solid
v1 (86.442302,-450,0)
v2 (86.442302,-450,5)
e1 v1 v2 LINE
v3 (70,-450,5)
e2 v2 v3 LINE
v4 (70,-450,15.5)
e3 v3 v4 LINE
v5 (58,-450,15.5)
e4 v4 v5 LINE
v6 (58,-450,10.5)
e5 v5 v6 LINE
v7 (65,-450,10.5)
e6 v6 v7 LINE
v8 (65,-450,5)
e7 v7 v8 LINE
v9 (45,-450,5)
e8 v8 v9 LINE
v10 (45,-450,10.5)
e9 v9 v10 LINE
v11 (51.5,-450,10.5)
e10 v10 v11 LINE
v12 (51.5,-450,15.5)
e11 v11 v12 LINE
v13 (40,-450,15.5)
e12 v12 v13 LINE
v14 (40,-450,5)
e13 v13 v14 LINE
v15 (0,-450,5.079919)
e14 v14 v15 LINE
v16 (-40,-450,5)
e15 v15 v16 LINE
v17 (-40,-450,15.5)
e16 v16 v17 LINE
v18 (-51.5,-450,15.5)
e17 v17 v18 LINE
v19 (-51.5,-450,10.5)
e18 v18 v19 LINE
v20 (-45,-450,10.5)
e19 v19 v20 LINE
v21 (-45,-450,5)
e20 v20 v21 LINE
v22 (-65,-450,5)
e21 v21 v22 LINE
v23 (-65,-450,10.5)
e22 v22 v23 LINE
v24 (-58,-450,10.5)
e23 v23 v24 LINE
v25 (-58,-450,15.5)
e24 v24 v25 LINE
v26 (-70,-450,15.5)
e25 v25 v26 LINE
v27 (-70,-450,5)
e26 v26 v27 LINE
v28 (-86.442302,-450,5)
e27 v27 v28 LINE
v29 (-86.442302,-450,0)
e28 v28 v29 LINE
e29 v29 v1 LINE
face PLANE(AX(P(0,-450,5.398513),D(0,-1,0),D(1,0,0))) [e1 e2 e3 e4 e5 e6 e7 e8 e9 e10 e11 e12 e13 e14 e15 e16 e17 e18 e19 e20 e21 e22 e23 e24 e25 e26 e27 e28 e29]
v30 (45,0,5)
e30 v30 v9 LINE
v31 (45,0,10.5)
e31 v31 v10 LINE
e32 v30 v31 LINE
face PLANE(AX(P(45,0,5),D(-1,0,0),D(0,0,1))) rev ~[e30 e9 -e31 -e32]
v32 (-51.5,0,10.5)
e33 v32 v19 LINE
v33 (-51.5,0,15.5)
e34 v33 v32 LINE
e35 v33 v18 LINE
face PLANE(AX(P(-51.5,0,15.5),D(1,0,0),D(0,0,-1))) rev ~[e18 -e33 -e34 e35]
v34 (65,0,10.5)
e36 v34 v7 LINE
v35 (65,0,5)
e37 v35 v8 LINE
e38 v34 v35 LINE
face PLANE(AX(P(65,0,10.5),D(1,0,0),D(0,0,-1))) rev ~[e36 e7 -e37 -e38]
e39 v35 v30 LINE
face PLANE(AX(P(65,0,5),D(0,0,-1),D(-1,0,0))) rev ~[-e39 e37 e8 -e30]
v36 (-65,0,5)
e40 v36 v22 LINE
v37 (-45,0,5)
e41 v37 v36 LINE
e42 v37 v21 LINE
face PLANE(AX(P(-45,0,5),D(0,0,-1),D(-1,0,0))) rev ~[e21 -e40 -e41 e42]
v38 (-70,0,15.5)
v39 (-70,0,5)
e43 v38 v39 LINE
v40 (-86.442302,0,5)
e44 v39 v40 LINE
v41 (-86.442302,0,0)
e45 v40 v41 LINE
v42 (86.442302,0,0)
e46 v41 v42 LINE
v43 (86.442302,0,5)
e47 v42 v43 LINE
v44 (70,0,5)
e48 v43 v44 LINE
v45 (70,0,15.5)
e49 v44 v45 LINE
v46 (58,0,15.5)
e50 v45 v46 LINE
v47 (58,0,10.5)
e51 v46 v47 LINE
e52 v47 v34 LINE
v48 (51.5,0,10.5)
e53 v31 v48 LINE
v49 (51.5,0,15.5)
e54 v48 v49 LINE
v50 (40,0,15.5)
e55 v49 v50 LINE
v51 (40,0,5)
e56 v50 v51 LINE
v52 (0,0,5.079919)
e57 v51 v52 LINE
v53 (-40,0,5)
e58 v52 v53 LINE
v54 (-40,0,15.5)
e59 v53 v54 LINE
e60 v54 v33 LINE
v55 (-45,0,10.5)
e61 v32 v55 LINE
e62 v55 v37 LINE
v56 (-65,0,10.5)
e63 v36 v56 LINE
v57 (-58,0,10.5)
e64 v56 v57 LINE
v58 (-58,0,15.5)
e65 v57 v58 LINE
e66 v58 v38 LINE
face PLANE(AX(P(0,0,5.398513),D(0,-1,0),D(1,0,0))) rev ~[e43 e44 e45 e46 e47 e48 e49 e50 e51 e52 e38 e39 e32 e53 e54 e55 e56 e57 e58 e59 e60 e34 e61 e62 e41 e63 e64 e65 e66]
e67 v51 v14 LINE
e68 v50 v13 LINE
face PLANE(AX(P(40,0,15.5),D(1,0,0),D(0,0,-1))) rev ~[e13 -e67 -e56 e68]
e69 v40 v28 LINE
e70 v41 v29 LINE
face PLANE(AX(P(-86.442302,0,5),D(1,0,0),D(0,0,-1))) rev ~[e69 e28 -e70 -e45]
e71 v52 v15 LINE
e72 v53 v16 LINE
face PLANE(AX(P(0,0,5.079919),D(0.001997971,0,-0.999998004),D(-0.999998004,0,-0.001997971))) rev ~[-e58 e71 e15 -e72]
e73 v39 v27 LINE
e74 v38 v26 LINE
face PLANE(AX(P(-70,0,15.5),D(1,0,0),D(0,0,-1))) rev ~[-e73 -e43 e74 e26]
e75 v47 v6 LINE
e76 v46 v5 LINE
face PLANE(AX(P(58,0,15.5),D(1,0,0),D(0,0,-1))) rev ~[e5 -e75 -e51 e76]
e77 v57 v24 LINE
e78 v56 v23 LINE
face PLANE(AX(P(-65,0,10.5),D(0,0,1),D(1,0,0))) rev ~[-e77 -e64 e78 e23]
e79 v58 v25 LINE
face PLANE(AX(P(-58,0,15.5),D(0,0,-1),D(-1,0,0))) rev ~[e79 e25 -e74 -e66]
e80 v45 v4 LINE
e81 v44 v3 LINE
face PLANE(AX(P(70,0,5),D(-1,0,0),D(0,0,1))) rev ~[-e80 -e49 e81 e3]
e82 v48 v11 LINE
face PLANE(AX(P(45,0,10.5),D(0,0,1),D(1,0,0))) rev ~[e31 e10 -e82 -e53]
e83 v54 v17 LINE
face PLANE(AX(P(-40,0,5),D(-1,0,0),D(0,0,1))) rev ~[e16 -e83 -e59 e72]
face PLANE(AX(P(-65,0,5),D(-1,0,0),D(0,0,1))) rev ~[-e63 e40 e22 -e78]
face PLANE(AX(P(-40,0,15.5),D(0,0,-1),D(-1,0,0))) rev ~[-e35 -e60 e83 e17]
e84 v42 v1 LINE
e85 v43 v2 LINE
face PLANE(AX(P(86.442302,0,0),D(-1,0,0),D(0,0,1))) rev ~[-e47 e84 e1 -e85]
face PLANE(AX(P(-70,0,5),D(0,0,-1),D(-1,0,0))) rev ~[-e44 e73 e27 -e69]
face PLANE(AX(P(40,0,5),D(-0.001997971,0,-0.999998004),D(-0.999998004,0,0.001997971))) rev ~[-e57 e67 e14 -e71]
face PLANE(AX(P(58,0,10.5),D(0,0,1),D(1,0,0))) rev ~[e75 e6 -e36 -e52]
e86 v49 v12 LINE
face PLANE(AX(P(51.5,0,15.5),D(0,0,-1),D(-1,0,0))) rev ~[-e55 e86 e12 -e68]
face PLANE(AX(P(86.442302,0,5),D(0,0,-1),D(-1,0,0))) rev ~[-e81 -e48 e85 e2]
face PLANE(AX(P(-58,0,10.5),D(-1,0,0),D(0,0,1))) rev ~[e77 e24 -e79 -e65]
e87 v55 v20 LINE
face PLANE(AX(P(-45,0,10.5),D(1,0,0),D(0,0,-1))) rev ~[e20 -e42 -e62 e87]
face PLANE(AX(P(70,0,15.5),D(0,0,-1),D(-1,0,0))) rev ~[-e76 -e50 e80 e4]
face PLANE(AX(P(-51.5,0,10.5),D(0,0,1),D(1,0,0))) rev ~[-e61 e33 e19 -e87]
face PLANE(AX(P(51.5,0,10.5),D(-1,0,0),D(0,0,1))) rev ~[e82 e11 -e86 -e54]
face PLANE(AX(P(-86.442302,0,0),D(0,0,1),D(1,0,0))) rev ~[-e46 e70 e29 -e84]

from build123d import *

# Parameters (mm, degrees)
F1_DEPTH = 450


with BuildPart() as f1:
    # F0 (on Front) → F1 (new body)
    with BuildSketch(Plane.XZ):
        Polygon((-86.442302, 0), (0, 0), (86.442302, 0), (86.442302, 5), (70, 5), (70, 15.5), (58, 15.5), (58, 10.5), (65, 10.5), (65, 5), (45, 5), (45, 10.5), (51.5, 10.5), (51.5, 15.5), (40, 15.5), (40, 5), (0, 5.079919), (-40, 5), (-40, 15.5), (-51.5, 15.5), (-51.5, 10.5), (-45, 10.5), (-45, 5), (-65, 5), (-65, 10.5), (-58, 10.5), (-58, 15.5), (-70, 15.5), (-70, 5), (-86.442302, 5), align=None)
    extrude(amount=F1_DEPTH)


solid = f1.part
